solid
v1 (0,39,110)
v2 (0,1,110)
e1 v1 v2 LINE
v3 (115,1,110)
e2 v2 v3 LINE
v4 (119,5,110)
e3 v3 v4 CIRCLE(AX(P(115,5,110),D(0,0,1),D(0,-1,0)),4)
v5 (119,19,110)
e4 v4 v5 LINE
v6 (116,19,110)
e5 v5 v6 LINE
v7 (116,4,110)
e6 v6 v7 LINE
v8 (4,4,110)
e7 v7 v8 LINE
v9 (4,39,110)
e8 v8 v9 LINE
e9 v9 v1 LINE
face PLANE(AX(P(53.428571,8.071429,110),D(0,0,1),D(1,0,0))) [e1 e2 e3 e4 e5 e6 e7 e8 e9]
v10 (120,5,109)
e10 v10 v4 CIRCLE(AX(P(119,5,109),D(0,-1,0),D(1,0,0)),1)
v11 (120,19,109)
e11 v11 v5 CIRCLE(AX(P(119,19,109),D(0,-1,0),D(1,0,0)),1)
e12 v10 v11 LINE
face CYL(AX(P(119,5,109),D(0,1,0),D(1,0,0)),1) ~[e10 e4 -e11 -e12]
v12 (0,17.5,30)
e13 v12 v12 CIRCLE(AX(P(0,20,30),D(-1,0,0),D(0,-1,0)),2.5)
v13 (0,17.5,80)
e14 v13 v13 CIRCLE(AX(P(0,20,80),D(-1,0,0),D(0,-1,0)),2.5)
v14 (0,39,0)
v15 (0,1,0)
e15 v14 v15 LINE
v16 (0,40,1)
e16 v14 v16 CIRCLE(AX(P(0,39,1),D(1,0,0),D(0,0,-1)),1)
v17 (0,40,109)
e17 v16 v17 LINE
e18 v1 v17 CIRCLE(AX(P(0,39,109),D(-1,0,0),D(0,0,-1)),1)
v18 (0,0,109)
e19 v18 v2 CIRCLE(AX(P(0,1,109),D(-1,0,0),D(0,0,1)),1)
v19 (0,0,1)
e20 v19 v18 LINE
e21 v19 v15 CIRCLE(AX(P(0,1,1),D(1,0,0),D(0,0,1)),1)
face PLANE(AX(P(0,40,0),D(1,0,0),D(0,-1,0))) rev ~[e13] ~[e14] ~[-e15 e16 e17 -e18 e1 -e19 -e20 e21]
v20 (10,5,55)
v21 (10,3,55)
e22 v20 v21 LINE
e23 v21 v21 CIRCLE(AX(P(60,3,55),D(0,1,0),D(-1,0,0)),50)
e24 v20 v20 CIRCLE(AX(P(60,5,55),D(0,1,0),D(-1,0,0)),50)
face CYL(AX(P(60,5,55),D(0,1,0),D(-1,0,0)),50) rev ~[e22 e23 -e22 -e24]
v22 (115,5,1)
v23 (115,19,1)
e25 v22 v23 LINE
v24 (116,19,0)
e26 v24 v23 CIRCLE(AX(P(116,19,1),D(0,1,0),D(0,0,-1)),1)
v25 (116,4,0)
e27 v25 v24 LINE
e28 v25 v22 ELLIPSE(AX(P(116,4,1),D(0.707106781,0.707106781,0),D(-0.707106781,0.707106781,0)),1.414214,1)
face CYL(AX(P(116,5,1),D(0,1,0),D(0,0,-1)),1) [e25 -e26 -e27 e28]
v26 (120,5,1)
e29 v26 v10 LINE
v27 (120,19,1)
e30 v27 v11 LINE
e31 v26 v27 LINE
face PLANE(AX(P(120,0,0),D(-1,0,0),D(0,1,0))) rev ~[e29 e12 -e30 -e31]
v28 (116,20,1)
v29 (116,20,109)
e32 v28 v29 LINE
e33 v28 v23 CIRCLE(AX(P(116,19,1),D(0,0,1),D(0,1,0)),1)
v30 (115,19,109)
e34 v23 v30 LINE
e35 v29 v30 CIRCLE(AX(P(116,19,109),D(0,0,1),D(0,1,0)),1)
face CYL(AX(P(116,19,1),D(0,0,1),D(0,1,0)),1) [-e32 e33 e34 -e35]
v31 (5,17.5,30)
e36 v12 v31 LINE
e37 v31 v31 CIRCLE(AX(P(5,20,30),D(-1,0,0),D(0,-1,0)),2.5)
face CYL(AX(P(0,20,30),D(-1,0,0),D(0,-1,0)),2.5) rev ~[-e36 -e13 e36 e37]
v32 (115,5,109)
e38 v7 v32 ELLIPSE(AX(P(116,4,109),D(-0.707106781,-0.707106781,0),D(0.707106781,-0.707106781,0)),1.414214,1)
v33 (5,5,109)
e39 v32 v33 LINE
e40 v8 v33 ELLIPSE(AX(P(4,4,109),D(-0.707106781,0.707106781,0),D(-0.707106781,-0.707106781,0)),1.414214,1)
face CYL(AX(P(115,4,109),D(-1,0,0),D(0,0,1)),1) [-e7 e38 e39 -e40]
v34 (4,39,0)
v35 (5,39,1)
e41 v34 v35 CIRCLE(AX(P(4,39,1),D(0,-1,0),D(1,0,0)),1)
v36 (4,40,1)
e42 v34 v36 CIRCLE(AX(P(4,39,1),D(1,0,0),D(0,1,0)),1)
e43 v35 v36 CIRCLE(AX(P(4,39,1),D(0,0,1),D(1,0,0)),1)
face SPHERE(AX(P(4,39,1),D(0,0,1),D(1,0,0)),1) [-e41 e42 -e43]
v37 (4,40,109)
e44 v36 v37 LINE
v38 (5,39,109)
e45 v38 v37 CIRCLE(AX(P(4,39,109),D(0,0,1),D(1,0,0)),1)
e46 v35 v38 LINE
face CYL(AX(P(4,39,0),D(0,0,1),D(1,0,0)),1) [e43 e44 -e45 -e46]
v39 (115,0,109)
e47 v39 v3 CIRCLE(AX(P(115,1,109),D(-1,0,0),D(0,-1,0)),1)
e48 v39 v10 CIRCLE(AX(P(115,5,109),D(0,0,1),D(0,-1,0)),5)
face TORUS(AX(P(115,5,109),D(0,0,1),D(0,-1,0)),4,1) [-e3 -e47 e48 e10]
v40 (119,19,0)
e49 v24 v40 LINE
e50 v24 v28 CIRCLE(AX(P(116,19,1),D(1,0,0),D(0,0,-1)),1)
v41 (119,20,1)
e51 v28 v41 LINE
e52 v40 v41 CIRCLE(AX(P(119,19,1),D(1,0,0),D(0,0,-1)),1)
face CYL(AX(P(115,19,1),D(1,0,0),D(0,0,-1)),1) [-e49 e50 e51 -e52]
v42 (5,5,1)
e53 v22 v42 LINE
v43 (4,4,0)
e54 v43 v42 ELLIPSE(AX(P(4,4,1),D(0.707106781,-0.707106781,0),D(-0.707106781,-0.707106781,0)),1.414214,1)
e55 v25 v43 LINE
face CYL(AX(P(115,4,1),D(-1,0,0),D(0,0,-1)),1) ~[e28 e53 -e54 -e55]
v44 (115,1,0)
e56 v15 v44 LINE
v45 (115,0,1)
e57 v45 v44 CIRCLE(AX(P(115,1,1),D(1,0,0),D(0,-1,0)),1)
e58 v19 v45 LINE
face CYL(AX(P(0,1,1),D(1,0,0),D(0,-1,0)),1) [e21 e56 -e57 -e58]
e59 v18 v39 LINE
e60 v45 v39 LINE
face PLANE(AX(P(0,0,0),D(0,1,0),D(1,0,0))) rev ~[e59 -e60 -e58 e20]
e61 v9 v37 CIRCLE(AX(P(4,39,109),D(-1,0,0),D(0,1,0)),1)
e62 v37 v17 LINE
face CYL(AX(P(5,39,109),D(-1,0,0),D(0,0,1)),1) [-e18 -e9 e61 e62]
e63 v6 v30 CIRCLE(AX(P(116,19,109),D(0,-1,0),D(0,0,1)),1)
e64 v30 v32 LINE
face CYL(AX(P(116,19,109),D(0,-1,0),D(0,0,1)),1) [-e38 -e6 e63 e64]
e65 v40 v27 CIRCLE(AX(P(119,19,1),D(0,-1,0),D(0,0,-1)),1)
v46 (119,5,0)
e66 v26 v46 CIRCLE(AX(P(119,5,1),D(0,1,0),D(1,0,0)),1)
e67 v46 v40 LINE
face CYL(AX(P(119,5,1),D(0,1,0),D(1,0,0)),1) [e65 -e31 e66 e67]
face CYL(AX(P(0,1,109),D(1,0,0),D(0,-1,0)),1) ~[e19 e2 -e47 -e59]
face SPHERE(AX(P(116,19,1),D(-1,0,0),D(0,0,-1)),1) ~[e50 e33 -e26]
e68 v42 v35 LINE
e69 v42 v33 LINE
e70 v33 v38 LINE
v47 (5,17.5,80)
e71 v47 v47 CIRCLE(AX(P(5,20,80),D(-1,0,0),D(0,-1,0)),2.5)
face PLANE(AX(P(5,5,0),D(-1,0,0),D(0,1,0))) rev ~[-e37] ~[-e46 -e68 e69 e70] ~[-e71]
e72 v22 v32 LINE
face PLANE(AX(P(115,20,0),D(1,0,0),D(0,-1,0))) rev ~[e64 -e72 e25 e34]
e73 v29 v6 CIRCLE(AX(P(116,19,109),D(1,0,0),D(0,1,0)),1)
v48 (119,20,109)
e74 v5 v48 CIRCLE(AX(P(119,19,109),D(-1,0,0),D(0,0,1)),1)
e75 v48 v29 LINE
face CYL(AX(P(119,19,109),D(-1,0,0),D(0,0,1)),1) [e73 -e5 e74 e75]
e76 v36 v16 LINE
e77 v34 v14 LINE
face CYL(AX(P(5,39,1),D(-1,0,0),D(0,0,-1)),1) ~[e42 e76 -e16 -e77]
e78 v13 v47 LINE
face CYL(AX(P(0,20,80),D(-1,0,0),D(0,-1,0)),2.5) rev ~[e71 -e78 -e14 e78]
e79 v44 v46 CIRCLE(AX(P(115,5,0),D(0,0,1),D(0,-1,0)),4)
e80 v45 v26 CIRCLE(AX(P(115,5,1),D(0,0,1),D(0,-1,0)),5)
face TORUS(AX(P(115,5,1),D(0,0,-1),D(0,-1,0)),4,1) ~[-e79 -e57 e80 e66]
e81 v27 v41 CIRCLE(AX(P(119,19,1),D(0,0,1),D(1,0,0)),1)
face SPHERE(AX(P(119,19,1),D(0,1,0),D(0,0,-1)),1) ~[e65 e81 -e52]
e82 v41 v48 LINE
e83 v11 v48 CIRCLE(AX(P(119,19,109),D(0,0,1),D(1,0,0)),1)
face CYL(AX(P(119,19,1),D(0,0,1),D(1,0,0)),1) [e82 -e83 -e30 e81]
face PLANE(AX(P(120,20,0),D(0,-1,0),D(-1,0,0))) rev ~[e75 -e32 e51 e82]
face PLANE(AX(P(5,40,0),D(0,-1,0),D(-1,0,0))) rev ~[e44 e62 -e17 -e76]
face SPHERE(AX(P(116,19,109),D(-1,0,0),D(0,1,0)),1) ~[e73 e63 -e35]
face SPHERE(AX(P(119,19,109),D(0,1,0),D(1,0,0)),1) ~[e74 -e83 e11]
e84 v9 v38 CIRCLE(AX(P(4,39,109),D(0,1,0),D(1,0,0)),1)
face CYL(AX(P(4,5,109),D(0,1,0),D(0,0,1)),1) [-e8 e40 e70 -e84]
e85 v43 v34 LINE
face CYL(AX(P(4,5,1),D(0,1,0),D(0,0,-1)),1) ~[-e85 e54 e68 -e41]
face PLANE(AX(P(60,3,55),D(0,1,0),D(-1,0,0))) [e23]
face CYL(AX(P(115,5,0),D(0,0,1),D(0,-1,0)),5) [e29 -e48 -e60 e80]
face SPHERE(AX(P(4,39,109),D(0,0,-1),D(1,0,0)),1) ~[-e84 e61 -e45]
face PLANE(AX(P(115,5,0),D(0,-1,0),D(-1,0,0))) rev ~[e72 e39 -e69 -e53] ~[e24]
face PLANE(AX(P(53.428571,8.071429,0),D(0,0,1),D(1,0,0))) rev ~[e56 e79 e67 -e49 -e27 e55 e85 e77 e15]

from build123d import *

# Parameters (mm, degrees)
PAD_DEPTH       = 110
SKETCH001_R     = 2.5
POCKET_DEPTH    = 5
SKETCH002_R     = 50
POCKET001_DEPTH = 2
FILLET_R        = 5
FILLET001_R     = 1
FILLET002_R     = 1
FILLET003_R     = 1
FILLET004_R     = 1


with BuildPart() as part:
    # Sketch → Pad (new body)
    with BuildSketch(Plane.XY):
        Polygon((0, 40), (0, 0), (120, 0), (120, 20), (115, 20), (115, 5), (5, 5), (5, 40), align=None)
    extrude(amount=PAD_DEPTH)

    # Sketch001 (on Face1 of Pad) → Pocket (cut)
    with BuildSketch(Plane(origin=(0, 0, 0), x_dir=(0, -1, 0), z_dir=(-1, 0, 0))):
        with Locations((-20, 80)):
            Circle(SKETCH001_R)
        with Locations((-20, 30)):
            Circle(SKETCH001_R)
    extrude(amount=-POCKET_DEPTH, mode=Mode.SUBTRACT)

    # Sketch002 (on Face12 of Pocket) → Pocket001 (cut)
    with BuildSketch(Plane(origin=(0, 5, 0), x_dir=(-1, 0, 0), z_dir=(0, 1, 0))):
        with Locations((-60, 55)):
            Circle(SKETCH002_R)
    extrude(amount=-POCKET001_DEPTH, mode=Mode.SUBTRACT)

    # Fillet
    fillet_edges = [part.edges().sort_by_distance(p)[0] for p in [
        (120, 0, 55),
    ]]
    fillet(fillet_edges, radius=FILLET_R)

    # Fillet001
    fillet001_edges = [part.edges().sort_by_distance(p)[0] for p in [
        (57.5, 0, 110),
    ]]
    fillet(fillet001_edges, radius=FILLET001_R)

    # Fillet002
    fillet002_edges = [part.edges().sort_by_distance(p)[0] for p in [
        (57.5, 0, 0),
    ]]
    fillet(fillet002_edges, radius=FILLET002_R)

    # Fillet003
    fillet003_edges = [part.edges().sort_by_distance(p)[0] for p in [
        (120, 20, 55),
    ]]
    fillet(fillet003_edges, radius=FILLET003_R)

    # Fillet004
    fillet004_edges = [part.edges().sort_by_distance(p)[0] for p in [
        (115, 20, 55),
        (5, 40, 55),
        (60, 5, 110),
        (5, 22.5, 110),
        (115, 12, 110),
        (115, 12, 0),
        (60, 5, 0),
        (5, 22.5, 0),
        (2.5, 40, 0),
        (2.5, 40, 110),
    ]]
    fillet(fillet004_edges, radius=FILLET004_R)


solid = part.part
